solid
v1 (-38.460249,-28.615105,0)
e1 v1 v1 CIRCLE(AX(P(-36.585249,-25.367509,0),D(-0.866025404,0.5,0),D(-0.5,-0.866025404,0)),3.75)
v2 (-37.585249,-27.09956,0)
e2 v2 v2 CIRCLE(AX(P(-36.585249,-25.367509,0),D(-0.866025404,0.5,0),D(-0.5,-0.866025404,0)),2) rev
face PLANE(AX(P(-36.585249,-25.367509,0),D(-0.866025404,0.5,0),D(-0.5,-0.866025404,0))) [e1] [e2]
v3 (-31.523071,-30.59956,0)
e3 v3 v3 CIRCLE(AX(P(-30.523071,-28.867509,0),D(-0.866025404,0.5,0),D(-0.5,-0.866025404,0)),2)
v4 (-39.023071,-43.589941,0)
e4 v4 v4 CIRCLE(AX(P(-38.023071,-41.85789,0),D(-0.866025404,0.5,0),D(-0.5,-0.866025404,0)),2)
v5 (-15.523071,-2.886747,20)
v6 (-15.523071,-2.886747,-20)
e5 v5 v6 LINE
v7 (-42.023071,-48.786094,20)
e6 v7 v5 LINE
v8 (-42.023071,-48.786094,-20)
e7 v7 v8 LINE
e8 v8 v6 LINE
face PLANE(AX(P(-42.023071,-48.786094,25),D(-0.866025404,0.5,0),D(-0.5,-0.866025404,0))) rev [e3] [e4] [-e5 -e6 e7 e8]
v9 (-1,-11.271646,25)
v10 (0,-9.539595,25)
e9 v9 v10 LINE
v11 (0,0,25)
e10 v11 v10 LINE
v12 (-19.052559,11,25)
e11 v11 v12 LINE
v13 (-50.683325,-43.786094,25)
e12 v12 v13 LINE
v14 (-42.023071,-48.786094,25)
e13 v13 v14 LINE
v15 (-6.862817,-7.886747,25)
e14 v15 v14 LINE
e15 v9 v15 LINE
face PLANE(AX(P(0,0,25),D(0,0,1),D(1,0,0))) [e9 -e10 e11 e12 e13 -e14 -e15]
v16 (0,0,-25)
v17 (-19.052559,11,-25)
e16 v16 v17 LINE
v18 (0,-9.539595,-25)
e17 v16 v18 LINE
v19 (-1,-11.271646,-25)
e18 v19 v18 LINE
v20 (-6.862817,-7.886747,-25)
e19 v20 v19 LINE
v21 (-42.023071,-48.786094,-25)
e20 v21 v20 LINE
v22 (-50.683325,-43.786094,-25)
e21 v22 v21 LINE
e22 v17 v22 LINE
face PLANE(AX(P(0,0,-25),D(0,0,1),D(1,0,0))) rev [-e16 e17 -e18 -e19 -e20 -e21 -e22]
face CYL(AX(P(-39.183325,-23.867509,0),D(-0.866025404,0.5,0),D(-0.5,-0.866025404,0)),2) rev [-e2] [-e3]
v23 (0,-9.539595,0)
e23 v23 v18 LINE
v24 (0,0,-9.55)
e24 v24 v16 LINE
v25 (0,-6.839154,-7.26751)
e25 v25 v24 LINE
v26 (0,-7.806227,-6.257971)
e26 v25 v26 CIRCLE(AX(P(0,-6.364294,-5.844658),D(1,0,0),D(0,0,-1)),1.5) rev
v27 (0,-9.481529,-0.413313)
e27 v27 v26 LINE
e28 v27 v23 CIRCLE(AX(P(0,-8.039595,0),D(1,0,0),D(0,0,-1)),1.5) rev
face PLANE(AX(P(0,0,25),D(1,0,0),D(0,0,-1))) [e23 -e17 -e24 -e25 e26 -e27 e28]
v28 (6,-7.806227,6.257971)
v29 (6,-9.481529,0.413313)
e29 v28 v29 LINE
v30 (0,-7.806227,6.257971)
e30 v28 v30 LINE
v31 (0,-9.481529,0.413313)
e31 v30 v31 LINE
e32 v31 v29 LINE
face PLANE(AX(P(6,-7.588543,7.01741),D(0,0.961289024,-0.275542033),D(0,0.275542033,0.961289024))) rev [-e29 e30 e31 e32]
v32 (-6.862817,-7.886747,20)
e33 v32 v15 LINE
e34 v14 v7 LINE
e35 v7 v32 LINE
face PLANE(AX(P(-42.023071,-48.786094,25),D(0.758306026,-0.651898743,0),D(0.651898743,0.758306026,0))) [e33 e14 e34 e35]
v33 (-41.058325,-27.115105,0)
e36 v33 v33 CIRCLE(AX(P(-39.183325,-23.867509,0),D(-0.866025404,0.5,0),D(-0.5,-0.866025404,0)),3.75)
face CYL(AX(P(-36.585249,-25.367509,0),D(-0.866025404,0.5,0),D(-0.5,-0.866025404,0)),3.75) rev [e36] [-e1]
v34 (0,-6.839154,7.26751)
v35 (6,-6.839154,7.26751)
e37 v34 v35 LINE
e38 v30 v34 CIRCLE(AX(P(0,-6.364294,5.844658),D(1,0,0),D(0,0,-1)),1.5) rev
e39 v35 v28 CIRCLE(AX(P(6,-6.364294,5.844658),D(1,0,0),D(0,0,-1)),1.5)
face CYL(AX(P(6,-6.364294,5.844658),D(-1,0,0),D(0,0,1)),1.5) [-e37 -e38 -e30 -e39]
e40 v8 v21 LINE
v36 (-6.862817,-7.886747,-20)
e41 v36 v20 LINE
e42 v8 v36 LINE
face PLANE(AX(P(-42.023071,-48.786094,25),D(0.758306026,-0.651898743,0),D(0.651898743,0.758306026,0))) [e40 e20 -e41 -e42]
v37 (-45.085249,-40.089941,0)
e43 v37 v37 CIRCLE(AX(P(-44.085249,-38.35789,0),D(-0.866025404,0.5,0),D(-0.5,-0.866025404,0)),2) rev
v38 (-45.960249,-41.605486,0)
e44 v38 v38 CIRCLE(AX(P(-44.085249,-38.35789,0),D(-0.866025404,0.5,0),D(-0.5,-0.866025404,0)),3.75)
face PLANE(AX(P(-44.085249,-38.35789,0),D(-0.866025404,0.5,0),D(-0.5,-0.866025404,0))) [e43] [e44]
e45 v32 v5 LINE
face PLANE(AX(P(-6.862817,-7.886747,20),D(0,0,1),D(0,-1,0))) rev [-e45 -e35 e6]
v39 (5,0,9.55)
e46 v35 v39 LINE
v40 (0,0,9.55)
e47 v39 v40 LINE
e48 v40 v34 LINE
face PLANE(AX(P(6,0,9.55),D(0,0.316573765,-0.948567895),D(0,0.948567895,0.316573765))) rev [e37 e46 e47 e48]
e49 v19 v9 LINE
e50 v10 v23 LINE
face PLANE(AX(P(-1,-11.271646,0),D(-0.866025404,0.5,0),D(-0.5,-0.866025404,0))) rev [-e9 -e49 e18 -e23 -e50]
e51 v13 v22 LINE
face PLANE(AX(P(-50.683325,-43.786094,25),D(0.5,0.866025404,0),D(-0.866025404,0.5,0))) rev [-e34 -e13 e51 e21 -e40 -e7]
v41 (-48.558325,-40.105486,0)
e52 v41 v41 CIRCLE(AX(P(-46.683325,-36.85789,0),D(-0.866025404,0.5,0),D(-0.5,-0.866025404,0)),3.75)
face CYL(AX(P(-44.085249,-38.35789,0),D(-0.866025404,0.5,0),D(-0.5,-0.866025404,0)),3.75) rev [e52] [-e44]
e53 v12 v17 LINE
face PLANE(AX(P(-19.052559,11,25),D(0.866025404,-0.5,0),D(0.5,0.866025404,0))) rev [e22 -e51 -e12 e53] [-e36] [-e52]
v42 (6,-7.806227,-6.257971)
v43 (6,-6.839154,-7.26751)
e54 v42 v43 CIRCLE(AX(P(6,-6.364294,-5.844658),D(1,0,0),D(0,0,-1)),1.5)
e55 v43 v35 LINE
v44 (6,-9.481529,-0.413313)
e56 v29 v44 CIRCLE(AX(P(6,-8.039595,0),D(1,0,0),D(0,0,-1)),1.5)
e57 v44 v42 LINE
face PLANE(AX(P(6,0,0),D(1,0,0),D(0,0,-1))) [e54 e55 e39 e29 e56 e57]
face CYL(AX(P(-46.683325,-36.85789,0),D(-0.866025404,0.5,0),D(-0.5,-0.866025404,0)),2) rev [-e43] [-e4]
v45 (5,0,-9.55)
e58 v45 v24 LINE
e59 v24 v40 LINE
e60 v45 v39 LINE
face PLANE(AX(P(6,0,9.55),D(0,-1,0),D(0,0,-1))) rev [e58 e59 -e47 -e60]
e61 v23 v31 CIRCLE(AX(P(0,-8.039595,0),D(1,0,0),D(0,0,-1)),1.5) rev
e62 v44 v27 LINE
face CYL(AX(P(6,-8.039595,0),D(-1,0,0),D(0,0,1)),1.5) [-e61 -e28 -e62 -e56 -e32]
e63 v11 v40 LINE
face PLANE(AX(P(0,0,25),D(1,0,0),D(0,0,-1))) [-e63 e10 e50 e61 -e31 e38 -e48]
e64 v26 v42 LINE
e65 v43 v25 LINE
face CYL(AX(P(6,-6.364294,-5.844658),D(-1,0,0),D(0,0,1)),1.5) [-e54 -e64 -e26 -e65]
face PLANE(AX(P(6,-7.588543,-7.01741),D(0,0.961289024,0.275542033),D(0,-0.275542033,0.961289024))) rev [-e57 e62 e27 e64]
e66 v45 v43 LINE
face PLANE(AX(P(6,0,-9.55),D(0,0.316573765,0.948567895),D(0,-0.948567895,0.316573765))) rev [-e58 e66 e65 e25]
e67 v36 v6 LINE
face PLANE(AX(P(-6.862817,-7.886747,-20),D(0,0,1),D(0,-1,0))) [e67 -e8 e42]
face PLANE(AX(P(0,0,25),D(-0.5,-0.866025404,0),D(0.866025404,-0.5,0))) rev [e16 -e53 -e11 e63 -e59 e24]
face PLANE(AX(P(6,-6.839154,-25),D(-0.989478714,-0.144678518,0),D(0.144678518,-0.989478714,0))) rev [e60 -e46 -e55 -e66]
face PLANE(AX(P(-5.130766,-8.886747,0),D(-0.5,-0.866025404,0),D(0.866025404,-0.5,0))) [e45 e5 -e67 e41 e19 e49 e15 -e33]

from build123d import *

# Parameters (mm, degrees)
BOSS_EXTRUDE1_DEPTH      = 6
FILLET1_R                = 1.5
BOSS_EXTRUDE2_DEPTH      = 25
BOSS_EXTRUDE2_DEPTH_BACK = 25
CUT_EXTRUDE1_DEPTH       = 87.306907839
BOSS_EXTRUDE3_DEPTH      = 2
F_4_0_4_DIAMETER_HOLE1_D = 4
SKETCH15_R               = 3.75
CUT_EXTRUDE2_DEPTH       = 3
SKETCH16_W               = 5
SKETCH16_H               = 53
BOSS_EXTRUDE4_DEPTH      = 10
CUT_EXTRUDE3_DEPTH       = 87.525968801
CUT_EXTRUDE3_DEPTH_BACK  = 10


with BuildPart() as part:
    # Sketch1 → Boss-Extrude1 (new body)
    with BuildSketch(Plane(origin=(0, 0, 0), x_dir=(0, 0, -1), z_dir=(1, 0, 0))):
        Polygon((-9.55, 0), (9.55, 0), (7.017409876, -7.588543158), (0, -9.6), (-7.017409876, -7.588543158), align=None)
    extrude(amount=BOSS_EXTRUDE1_DEPTH)

    # Fillet1
    fillet1_edges = [part.edges().sort_by_distance(p)[0] for p in [
        (3, -7.588543158, -7.017409876),
        (3, -9.6, 0),
        (3, -7.588543158, 7.017409876),
    ]]
    fillet(fillet1_edges, radius=FILLET1_R)

    # Sketch2 → Boss-Extrude2 (add, two sides: drawn at the far end of the back side and taken through both)
    with BuildSketch(Plane.XY.offset(-BOSS_EXTRUDE2_DEPTH_BACK)):
        Polygon((0, 0), (-19.052558883, 11), (-50.683324779, -43.786093614), (-42.023070741, -48.786093614), (-14.523070741, -1.154696406), (0, -9.539595208), align=None)
    extrude(amount=BOSS_EXTRUDE2_DEPTH + BOSS_EXTRUDE2_DEPTH_BACK)

    # Sketch10 → Cut-Extrude1 (cut, through all)
    with BuildSketch(Plane.XY.offset(25)):
        Polygon((6, 0), (6, -6.839154339), (5, 0), align=None)
    extrude(amount=-CUT_EXTRUDE1_DEPTH, mode=Mode.SUBTRACT)

    # Sketch14 → Boss-Extrude3 (add)
    with BuildSketch(Plane(origin=(-4.130765896, -7.154696406, 0), x_dir=(0.8660254037844397, -0.4999999999999982, 0), z_dir=(-0.4999999999999983, -0.8660254037844398, 0))):
        Polygon((-12, 25), (-12, -25), (4.769797604, -25), (4.769797604, 0), (4.769797604, 25), align=None)
    extrude(amount=BOSS_EXTRUDE3_DEPTH)

    # Ø4.0 (4) Diameter Hole1 (through all)
    with Locations(Plane(origin=(-19.052558883, 11, 0), x_dir=(0, 0, 1), z_dir=(-0.8660254037844399, 0.4999999999999977, 0))):
        with Locations((0, -40.261531792), (0, -55.261531792)):
            Hole(F_4_0_4_DIAMETER_HOLE1_D / 2)

    # Sketch15 → Cut-Extrude2 (cut)
    with BuildSketch(Plane(origin=(-19.052558883, 11, 0), x_dir=(-0.4999999999999977, -0.8660254037844399, 0), z_dir=(-0.8660254037844399, 0.4999999999999977, 0))):
        with Locations((40.261531792, 0)):
            Circle(SKETCH15_R)
        with Locations((55.261531792, 0)):
            Circle(SKETCH15_R)
    extrude(amount=-CUT_EXTRUDE2_DEPTH, mode=Mode.SUBTRACT)

    # Sketch16 → Boss-Extrude4 (add)
    with BuildSketch(Plane(origin=(-10.392304845, 6, 0), x_dir=(0, 0, -1), z_dir=(0.8660254037844398, -0.49999999999999795, 0))):
        with Locations((-22.5, -36.761531792)):
            Rectangle(SKETCH16_W, SKETCH16_H)
    boss_extrude4 = extrude(amount=BOSS_EXTRUDE4_DEPTH)

    # Mirror1: Boss-Extrude4 across plane
    add(boss_extrude4.mirror(Plane.XY))

    # Sketch17 → Cut-Extrude3 (cut, two sides: drawn at the far end of the back side and taken through both)
    with BuildSketch(Plane.XY.offset(-20).offset(-CUT_EXTRUDE3_DEPTH_BACK)):
        Polygon((-42.023070741, -48.786093614), (-6.862816703, -7.886747213), (-33.362816703, -53.786093614), align=None)
    extrude(amount=CUT_EXTRUDE3_DEPTH + CUT_EXTRUDE3_DEPTH_BACK, mode=Mode.SUBTRACT)


solid = part.part
